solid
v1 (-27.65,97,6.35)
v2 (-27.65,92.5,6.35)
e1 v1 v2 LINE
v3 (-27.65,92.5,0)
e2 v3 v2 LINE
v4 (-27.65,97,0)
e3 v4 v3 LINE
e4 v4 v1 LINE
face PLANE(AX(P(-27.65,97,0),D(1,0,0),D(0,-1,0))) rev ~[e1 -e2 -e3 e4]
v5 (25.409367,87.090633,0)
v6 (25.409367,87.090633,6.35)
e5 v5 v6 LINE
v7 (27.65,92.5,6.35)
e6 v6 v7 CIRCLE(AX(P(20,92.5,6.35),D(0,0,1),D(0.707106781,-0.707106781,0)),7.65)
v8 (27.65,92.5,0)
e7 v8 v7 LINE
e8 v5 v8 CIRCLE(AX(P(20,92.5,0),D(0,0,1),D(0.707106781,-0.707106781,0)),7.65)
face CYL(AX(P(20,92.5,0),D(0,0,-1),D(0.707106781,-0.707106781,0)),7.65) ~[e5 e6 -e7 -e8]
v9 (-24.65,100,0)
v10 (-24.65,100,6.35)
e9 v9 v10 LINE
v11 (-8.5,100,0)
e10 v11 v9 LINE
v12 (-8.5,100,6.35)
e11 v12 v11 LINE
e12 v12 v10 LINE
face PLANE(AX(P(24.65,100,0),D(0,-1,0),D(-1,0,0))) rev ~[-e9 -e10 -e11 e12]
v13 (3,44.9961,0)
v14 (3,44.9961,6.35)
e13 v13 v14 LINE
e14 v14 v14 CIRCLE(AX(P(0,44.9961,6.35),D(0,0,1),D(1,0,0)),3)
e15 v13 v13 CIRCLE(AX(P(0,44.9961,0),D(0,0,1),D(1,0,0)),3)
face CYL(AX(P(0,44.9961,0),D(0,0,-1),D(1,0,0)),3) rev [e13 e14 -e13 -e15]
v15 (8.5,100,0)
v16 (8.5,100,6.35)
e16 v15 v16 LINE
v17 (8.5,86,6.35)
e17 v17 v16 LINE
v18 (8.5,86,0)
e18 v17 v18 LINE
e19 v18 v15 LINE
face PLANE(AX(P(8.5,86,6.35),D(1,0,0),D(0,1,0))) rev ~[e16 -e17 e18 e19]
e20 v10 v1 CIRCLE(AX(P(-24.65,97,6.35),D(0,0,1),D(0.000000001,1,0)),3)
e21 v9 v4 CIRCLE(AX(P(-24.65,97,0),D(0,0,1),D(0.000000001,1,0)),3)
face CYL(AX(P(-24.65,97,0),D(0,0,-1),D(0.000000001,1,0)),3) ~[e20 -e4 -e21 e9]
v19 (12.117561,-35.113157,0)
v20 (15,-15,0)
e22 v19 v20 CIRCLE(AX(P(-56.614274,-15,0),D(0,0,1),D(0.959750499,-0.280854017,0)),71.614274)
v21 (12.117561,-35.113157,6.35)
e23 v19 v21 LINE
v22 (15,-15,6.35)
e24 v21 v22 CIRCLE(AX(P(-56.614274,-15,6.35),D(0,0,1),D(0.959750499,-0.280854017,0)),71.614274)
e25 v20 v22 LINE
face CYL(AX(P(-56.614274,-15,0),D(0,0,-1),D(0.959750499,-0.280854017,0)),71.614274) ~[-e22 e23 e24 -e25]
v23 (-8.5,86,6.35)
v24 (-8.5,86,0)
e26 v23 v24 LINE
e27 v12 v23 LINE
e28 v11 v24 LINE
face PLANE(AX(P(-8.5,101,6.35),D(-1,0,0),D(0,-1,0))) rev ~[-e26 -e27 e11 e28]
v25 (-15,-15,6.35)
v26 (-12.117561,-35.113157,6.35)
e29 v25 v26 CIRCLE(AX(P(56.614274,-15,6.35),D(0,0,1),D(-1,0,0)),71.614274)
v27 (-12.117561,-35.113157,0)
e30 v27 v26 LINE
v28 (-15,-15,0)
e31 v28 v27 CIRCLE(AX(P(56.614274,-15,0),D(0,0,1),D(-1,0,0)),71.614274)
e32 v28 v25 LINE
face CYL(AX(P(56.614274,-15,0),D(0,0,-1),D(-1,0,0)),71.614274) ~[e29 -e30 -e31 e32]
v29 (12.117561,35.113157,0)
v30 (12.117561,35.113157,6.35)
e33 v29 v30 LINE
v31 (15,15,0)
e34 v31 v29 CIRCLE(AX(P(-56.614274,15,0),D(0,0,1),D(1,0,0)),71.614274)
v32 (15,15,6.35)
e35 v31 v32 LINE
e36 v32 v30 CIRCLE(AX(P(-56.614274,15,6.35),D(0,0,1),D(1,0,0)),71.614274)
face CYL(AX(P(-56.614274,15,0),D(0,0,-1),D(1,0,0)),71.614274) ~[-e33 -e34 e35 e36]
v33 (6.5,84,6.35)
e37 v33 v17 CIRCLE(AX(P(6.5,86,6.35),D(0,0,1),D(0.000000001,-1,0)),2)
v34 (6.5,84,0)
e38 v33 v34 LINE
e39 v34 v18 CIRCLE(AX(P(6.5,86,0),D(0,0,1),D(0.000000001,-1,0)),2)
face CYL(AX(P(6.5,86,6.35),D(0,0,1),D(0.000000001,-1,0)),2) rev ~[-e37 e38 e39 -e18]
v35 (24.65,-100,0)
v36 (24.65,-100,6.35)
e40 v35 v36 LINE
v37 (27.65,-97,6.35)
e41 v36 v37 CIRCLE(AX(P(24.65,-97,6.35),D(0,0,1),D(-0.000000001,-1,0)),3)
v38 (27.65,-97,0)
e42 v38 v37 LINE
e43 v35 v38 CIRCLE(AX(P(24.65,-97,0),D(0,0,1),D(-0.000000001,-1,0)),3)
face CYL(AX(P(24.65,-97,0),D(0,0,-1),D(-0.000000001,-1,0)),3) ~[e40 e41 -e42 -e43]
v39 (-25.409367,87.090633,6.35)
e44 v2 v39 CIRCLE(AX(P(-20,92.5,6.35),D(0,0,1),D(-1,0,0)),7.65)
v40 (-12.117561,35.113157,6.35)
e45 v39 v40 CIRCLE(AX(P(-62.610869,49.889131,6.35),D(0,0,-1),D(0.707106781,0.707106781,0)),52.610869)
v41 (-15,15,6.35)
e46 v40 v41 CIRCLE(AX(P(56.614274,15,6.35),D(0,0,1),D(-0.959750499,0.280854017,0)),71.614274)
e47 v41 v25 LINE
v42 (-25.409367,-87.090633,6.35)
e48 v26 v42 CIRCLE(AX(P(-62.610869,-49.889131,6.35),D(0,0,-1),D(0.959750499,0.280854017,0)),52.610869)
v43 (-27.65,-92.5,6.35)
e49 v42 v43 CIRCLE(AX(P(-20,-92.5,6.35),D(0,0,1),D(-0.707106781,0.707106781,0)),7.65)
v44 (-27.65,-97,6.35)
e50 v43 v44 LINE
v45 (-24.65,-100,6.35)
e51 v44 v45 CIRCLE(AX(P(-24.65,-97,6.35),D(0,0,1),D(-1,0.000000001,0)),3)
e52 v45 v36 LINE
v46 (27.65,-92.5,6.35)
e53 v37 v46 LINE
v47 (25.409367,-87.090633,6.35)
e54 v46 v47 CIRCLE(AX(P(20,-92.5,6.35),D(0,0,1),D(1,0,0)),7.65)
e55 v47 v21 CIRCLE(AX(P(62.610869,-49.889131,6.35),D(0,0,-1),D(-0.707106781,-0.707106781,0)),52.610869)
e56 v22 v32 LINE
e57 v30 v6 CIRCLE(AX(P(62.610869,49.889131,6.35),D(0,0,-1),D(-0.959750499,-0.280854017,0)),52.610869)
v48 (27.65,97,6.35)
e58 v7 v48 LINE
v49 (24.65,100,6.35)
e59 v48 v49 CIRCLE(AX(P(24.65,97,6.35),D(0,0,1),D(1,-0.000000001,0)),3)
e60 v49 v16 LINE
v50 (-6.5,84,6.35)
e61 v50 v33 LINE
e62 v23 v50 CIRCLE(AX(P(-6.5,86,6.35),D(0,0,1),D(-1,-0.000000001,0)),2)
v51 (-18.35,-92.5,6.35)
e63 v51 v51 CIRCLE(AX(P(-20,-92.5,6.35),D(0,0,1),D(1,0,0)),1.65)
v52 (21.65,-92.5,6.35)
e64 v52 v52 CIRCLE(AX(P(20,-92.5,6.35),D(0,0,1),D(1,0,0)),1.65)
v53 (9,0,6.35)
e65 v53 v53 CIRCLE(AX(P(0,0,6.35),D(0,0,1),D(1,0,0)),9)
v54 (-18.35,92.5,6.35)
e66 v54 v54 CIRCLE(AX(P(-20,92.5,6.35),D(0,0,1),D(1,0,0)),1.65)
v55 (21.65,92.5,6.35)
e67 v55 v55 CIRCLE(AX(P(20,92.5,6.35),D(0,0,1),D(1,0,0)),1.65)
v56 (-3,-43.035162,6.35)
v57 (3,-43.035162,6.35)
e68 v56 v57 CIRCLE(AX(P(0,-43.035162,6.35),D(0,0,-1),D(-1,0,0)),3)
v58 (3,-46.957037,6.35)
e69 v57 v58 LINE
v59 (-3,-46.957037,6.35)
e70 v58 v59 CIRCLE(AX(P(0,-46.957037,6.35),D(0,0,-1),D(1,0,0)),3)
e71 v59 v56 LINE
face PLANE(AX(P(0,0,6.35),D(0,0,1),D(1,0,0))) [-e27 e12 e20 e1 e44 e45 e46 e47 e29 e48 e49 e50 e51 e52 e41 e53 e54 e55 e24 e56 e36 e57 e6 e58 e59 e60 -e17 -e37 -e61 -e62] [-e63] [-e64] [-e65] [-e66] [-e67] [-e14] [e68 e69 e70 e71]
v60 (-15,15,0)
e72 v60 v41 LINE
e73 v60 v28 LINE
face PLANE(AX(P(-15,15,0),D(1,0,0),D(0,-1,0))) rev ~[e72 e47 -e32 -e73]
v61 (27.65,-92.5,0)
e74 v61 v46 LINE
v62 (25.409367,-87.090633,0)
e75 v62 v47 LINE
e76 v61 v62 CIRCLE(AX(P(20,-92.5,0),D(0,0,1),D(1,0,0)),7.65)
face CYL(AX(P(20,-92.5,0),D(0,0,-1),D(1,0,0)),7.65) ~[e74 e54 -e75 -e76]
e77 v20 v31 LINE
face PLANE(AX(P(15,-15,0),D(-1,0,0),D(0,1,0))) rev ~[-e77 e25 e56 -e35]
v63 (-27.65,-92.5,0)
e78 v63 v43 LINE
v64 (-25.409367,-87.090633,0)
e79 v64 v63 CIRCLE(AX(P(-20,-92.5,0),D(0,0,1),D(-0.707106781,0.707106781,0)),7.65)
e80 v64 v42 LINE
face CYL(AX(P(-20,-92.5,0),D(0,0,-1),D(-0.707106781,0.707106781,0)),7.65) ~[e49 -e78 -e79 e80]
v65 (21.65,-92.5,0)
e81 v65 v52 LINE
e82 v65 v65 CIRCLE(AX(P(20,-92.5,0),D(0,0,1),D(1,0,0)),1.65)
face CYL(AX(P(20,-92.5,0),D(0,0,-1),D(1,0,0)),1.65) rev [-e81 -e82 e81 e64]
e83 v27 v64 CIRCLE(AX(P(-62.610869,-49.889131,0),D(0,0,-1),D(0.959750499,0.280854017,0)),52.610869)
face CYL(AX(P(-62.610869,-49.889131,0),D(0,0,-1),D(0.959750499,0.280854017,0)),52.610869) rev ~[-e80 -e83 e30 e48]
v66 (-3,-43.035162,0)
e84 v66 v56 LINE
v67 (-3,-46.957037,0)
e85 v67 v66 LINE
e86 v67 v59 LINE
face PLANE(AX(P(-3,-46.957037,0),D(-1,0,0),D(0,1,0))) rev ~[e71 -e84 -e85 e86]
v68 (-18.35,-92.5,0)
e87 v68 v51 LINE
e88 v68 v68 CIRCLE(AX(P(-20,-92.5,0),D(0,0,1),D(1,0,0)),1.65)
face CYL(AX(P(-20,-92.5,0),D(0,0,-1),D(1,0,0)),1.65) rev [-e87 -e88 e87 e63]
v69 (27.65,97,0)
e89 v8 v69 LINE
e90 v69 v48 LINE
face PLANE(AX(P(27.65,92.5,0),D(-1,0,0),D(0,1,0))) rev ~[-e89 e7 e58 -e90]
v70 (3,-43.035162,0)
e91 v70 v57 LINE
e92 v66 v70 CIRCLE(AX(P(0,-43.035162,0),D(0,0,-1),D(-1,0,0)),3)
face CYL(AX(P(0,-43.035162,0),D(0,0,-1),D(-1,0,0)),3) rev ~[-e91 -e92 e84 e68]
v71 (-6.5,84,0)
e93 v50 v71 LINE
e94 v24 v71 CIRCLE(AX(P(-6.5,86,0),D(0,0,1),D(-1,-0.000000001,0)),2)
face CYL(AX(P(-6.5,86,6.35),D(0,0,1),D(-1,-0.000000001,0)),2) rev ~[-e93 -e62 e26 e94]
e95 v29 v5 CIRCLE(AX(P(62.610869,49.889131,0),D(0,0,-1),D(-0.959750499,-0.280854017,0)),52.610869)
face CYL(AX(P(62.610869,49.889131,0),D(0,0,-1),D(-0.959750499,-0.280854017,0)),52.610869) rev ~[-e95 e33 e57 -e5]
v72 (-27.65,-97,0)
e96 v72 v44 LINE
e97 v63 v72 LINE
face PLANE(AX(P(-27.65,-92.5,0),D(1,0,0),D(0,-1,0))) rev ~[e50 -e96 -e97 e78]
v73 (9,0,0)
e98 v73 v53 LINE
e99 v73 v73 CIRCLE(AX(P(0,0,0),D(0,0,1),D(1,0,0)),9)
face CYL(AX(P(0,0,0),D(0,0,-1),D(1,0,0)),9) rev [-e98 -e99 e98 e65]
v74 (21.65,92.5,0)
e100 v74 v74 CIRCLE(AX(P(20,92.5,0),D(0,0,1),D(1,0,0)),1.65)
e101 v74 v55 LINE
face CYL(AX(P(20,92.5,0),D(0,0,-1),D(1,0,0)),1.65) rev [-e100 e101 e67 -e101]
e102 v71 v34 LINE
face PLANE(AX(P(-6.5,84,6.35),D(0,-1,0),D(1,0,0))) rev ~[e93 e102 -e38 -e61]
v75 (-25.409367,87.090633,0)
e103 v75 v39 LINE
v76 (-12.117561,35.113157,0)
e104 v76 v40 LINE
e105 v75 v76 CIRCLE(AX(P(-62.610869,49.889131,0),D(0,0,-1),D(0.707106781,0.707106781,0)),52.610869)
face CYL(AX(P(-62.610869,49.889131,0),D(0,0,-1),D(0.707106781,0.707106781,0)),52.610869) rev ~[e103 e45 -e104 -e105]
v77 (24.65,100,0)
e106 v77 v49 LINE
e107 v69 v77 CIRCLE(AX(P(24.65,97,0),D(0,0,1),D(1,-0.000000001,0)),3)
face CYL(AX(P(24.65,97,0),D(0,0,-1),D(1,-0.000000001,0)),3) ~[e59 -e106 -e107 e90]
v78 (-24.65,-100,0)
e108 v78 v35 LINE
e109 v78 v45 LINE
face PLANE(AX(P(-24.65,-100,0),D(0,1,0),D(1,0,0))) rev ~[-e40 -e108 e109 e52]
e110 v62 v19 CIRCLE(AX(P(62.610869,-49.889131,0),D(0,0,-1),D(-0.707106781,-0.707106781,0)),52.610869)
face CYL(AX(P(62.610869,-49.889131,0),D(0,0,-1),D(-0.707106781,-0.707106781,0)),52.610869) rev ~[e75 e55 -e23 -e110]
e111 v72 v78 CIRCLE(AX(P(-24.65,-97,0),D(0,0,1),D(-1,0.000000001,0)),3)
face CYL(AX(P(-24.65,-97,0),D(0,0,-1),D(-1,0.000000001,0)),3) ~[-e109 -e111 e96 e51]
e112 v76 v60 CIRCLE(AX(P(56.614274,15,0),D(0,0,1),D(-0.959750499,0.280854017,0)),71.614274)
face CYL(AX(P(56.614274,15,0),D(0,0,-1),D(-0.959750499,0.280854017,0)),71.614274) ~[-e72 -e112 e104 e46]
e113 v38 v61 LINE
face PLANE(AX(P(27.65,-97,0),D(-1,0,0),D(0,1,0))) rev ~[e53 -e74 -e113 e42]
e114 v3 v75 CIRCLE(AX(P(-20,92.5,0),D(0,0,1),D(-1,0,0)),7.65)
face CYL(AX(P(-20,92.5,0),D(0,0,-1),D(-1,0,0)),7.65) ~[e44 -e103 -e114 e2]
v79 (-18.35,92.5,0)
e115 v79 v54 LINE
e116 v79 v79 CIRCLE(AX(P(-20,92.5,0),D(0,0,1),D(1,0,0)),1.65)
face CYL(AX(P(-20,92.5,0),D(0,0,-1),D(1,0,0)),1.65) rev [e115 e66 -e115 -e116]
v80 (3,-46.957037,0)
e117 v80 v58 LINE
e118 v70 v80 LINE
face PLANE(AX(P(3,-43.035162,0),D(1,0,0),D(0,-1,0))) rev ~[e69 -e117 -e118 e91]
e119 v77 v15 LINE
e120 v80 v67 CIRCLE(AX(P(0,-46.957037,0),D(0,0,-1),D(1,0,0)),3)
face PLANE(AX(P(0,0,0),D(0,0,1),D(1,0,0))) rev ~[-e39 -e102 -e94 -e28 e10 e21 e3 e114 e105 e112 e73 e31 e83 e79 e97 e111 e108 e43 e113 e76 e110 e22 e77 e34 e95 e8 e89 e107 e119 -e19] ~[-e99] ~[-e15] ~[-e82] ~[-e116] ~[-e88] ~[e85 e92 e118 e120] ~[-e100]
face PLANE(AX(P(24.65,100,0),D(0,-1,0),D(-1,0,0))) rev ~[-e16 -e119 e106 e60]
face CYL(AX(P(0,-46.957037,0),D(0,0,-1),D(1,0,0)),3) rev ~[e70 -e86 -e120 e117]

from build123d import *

# Parameters (mm, degrees)
SKETCH1_R           = 9
SKETCH1_R_2         = 3
SKETCH1_R_3         = 1.65
BOSS_EXTRUDE1_DEPTH = 6.35
CUT_EXTRUDE1_DEPTH  = 10


with BuildPart() as part:
    # Sketch1 → Boss-Extrude1 (new body)
    with BuildSketch(Plane.XY):
        with BuildLine():
            Line((-15, 15), (-15, -15))
            ThreePointArc((-15, -15), (-14.275727836, -25.159324804), (-12.117561222, -35.113156605))
            ThreePointArc((-12.117561222, -35.113156605), (-11.640196728, -62.923473964), (-25.409366876, -87.090633124))
            ThreePointArc((-25.409366876, -87.090633124), (-27.067678424, -89.572471742), (-27.65, -92.5))
            Line((-27.65, -92.5), (-27.65, -97))
            ThreePointArc((-27.65, -97), (-26.771320344, -99.121320344), (-24.65, -100))
            Line((-24.65, -100), (24.65, -100))
            ThreePointArc((24.65, -100), (26.771320344, -99.121320344), (27.65, -97))
            Line((27.65, -97), (27.65, -92.5))
            ThreePointArc((27.65, -92.5), (27.067678424, -89.572471742), (25.409366876, -87.090633124))
            ThreePointArc((25.409366876, -87.090633124), (11.640196728, -62.923473964), (12.117561222, -35.113156605))
            ThreePointArc((12.117561222, -35.113156605), (14.275727836, -25.159324804), (15, -15))
            Line((15, -15), (15, 15))
            ThreePointArc((15, 15), (14.275727836, 25.159324804), (12.117561222, 35.113156605))
            ThreePointArc((12.117561222, 35.113156605), (11.640196728, 62.923473964), (25.409366876, 87.090633124))
            ThreePointArc((25.409366876, 87.090633124), (27.067678424, 89.572471742), (27.65, 92.5))
            Line((27.65, 92.5), (27.65, 97))
            ThreePointArc((27.65, 97), (26.771320344, 99.121320344), (24.65, 100))
            Line((24.65, 100), (-24.65, 100))
            ThreePointArc((-24.65, 100), (-26.771320344, 99.121320344), (-27.65, 97))
            Line((-27.65, 97), (-27.65, 92.5))
            ThreePointArc((-27.65, 92.5), (-27.067678424, 89.572471742), (-25.409366876, 87.090633124))
            ThreePointArc((-25.409366876, 87.090633124), (-11.640196728, 62.923473964), (-12.117561222, 35.113156605))
            ThreePointArc((-12.117561222, 35.113156605), (-14.275727836, 25.159324804), (-15, 15))
        make_face()
        Circle(SKETCH1_R, mode=Mode.SUBTRACT)
        with Locations((0, 44.9961)):
            Circle(SKETCH1_R_2, mode=Mode.SUBTRACT)
        with Locations((20, 92.5)):
            Circle(SKETCH1_R_3, mode=Mode.SUBTRACT)
        with Locations((-20, 92.5)):
            Circle(SKETCH1_R_3, mode=Mode.SUBTRACT)
        with Locations((-20, -92.5)):
            Circle(SKETCH1_R_3, mode=Mode.SUBTRACT)
        with Locations((20, -92.5)):
            Circle(SKETCH1_R_3, mode=Mode.SUBTRACT)
        with BuildLine():
            Line((3, -43.0351625), (3, -46.9570375))
            ThreePointArc((3, -46.9570375), (0, -49.9570375), (-3, -46.9570375))
            Line((-3, -46.9570375), (-3, -43.0351625))
            ThreePointArc((-3, -43.0351625), (0, -40.0351625), (3, -43.0351625))
        make_face(mode=Mode.SUBTRACT)
    extrude(amount=BOSS_EXTRUDE1_DEPTH)

    # Sketch3 → Cut-Extrude1 (cut)
    with BuildSketch(Plane.XY.offset(6.35)):
        with BuildLine():
            Line((-8.5, 101), (-8.5, 86))
            ThreePointArc((-8.5, 86), (-7.914213562, 84.585786438), (-6.5, 84))
            Line((-6.5, 84), (6.5, 84))
            ThreePointArc((6.5, 84), (7.914213562, 84.585786438), (8.5, 86))
            Line((8.5, 86), (8.5, 101))
            Line((8.5, 101), (-8.5, 101))
        make_face()
    extrude(amount=-CUT_EXTRUDE1_DEPTH, mode=Mode.SUBTRACT)


solid = part.part
